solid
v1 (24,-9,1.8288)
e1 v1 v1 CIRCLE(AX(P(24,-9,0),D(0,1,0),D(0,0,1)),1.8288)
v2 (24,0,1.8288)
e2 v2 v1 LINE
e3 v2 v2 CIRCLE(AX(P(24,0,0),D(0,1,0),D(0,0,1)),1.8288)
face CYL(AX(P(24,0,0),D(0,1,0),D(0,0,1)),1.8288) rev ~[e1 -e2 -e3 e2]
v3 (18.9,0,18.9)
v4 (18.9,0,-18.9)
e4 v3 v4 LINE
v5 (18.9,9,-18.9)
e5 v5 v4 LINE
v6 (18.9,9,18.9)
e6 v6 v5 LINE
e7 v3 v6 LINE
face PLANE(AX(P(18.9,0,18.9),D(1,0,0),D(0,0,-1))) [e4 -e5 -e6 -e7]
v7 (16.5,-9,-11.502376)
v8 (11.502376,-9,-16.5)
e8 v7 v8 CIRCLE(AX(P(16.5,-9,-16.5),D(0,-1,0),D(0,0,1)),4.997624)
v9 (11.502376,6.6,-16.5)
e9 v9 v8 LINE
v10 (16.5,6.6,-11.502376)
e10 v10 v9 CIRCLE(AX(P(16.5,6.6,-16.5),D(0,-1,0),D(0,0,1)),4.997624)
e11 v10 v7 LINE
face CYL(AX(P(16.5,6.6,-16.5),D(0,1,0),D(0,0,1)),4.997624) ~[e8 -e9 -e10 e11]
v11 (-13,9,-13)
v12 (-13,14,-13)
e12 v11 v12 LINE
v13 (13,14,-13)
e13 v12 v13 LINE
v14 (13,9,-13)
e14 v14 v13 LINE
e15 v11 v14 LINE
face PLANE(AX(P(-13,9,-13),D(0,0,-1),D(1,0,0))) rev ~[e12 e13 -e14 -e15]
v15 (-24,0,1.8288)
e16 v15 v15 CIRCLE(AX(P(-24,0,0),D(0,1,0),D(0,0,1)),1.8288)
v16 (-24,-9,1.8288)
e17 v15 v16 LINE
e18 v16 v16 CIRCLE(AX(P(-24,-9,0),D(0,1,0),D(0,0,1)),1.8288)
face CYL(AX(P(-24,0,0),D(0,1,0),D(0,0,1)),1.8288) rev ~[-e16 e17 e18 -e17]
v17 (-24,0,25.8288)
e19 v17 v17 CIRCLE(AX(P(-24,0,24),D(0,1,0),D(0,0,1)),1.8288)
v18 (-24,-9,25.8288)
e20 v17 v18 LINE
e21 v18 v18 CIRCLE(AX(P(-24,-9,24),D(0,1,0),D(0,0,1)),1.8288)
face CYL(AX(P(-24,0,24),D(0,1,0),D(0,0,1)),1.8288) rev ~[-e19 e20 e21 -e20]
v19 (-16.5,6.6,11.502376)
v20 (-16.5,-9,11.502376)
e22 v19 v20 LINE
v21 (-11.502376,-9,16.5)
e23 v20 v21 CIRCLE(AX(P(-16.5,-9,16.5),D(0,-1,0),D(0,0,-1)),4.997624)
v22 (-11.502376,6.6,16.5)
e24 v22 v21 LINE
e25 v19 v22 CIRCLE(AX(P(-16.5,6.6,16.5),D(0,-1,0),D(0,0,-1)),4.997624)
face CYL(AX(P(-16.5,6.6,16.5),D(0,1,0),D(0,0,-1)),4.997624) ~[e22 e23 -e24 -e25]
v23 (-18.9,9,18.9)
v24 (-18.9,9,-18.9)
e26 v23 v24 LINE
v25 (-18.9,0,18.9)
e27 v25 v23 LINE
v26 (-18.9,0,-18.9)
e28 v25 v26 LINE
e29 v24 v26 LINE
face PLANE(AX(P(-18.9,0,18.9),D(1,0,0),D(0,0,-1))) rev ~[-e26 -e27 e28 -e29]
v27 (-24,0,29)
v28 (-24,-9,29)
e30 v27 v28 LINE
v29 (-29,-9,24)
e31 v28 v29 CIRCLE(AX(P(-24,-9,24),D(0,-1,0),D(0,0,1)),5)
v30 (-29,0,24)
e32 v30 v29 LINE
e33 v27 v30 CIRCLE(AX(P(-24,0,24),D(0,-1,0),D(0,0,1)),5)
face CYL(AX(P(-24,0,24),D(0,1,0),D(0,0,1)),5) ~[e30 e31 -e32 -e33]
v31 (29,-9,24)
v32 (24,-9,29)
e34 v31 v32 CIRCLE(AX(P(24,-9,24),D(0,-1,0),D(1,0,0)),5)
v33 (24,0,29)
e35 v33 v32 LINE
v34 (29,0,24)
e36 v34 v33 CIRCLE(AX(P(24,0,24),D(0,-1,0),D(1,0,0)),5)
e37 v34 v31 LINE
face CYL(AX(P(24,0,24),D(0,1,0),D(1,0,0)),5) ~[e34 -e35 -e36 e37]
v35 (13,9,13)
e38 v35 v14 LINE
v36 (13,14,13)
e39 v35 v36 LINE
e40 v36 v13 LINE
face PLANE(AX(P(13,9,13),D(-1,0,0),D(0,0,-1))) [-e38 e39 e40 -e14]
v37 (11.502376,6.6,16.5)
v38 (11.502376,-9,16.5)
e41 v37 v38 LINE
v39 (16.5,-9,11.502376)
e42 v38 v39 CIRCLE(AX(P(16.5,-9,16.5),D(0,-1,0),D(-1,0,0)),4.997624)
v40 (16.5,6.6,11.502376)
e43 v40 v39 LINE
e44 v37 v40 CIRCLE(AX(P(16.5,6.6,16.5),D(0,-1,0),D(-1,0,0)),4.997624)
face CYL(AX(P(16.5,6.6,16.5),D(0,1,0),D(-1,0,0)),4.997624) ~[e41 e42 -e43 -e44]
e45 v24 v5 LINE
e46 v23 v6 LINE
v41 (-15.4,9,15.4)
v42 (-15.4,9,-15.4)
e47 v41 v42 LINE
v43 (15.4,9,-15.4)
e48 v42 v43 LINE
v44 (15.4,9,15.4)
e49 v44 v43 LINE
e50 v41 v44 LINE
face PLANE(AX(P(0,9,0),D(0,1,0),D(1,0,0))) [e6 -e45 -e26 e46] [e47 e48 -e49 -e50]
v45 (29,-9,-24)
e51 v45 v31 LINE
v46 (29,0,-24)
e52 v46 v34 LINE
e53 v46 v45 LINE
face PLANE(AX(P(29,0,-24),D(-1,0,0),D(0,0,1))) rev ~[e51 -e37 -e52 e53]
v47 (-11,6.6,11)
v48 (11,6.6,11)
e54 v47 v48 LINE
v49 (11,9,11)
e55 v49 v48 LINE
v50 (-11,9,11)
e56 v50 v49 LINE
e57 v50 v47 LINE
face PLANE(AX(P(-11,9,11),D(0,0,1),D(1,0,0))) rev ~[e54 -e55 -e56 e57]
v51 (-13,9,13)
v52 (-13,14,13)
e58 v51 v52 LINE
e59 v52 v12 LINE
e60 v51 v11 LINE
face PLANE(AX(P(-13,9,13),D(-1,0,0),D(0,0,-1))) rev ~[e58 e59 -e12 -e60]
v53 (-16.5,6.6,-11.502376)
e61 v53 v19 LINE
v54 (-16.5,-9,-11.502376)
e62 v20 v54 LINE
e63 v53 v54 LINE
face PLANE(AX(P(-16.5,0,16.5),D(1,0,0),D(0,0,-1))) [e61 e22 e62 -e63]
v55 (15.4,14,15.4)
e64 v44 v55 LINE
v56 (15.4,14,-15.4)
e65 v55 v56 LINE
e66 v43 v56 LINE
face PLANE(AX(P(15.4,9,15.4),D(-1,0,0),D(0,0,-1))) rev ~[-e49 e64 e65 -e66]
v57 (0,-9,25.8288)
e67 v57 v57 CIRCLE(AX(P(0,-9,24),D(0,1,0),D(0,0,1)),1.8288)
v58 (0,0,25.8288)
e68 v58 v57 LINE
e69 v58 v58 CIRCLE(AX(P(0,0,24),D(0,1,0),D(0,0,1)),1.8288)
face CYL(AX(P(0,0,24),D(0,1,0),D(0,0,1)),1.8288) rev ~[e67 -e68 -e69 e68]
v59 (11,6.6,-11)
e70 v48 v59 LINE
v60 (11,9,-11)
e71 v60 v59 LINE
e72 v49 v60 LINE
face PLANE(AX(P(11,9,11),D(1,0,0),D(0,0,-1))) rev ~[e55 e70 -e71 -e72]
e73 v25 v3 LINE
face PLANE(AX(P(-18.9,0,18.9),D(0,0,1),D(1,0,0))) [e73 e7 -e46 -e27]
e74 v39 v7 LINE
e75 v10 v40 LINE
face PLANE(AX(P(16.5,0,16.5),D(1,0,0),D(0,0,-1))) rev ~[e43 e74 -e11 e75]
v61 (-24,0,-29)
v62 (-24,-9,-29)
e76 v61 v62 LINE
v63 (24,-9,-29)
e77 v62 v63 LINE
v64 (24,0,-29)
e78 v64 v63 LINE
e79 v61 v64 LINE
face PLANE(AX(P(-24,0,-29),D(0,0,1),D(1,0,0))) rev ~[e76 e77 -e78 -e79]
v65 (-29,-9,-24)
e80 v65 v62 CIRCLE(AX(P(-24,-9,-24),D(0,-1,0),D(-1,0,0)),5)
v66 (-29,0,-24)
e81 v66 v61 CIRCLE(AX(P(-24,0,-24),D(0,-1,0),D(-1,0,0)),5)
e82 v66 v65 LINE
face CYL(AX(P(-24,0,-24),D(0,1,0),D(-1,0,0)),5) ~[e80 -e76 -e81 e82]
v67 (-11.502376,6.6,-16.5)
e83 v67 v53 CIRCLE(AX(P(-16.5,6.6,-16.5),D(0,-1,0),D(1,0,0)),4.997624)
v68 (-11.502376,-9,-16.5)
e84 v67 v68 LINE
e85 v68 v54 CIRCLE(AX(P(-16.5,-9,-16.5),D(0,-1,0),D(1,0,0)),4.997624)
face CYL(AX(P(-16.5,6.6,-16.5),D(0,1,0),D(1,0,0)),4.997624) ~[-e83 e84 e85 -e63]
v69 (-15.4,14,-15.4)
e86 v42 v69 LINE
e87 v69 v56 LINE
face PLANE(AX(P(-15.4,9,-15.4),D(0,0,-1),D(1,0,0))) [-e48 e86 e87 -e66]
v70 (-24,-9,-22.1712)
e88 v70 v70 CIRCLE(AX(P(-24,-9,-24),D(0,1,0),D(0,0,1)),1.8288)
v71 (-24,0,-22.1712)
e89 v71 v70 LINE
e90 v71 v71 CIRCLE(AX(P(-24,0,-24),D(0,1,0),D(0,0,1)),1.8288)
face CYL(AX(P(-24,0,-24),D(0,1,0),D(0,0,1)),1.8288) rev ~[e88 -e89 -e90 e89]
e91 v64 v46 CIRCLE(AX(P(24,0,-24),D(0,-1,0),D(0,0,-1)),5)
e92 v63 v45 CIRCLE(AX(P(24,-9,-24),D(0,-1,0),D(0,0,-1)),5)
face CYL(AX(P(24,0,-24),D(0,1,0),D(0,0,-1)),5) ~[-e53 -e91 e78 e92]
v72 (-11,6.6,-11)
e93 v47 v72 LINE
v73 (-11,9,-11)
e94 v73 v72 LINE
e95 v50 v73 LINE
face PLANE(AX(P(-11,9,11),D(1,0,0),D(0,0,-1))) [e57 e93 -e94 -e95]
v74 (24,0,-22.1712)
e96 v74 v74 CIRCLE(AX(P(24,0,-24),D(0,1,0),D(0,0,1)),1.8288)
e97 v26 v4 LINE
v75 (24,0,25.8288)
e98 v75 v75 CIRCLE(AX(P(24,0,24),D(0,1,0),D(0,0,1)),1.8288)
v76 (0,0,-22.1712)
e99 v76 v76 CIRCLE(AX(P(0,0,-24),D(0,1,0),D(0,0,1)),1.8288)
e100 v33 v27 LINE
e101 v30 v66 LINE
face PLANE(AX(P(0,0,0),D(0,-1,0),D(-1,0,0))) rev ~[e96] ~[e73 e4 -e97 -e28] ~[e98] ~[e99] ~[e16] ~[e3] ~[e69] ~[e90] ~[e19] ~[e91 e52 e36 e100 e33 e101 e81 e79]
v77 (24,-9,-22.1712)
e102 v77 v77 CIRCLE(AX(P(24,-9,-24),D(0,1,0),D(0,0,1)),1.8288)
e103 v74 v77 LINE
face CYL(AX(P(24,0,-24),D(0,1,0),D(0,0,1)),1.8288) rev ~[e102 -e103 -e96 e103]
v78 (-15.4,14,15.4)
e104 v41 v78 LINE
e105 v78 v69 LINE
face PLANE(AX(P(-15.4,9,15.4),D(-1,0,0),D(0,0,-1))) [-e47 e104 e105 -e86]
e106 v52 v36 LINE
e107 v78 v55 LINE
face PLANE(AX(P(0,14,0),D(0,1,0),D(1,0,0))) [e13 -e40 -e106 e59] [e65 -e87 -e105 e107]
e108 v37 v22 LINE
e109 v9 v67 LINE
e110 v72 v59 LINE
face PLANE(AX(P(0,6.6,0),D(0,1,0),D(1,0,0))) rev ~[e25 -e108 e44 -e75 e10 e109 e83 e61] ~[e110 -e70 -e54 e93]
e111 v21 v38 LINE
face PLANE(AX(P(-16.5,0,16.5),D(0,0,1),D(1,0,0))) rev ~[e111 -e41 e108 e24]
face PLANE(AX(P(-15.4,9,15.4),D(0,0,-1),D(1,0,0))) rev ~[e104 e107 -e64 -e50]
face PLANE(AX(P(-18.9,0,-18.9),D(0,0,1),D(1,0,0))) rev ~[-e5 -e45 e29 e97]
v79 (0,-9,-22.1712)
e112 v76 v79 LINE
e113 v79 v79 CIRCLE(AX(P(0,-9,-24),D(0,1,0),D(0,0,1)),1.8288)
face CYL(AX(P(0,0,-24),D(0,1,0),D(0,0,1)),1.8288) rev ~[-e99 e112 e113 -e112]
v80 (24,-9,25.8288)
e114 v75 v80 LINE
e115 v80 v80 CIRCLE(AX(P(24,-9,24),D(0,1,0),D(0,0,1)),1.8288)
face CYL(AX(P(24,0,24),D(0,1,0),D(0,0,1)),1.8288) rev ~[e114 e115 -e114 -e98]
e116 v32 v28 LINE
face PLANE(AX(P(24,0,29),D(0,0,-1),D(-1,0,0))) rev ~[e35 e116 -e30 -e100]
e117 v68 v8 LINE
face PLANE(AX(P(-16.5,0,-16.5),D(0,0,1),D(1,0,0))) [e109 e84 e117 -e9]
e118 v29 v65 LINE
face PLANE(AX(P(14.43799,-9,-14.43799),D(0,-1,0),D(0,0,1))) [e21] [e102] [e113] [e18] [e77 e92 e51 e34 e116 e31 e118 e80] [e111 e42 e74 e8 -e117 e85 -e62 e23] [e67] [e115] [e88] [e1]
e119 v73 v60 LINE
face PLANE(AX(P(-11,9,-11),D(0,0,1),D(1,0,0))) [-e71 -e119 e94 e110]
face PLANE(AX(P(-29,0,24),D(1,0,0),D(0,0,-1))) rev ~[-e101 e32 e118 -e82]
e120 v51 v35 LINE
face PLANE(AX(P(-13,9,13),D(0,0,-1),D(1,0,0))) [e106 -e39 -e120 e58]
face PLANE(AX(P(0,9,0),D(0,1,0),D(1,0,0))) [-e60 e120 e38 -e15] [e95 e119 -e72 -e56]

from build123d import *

# Parameters (mm, degrees)
SKETCH1_W            = 37.8
SKETCH1_H            = 37.8
SKETCH1_W_2          = 33
SKETCH1_H_2          = 33
BOSS_EXTRUDE1_DEPTH  = 9
BOSS_EXTRUDE8_START  = 9
SKETCH8_W            = 37.8
SKETCH8_H            = 37.8
SKETCH8_W_2          = 30.8
SKETCH8_H_2          = 30.8
SKETCH8_W_3          = 26
SKETCH8_H_3          = 26
SKETCH8_W_4          = 22
SKETCH8_H_4          = 22
BOSS_EXTRUDE8_DEPTH  = 2.4
BOSS_EXTRUDE9_START  = 9
SKETCH8_3_W          = 30.8
SKETCH8_3_H          = 30.8
SKETCH8_3_W_2        = 26
SKETCH8_3_H_2        = 26
BOSS_EXTRUDE9_DEPTH  = 5
SKETCH8_4_R          = 1.8288
SKETCH8_4_W          = 37.8
SKETCH8_4_H          = 37.8
BOSS_EXTRUDE10_DEPTH = 9
SKETCH8_5_R          = 1.8288
CUT_EXTRUDE3_DEPTH   = 44.33589736
LPATTERN2_COUNT      = 3
LPATTERN2_PITCH      = 24
LPATTERN2_COUNT_DIR2 = 3
LPATTERN2_PITCH_DIR2 = 24
BOSS_EXTRUDE11_DEPTH = 15.6
CIRPATTERN3_COUNT    = 4


with BuildPart() as part:
    # Sketch1 → Boss-Extrude1 (new, symmetric)
    with BuildSketch(Plane(origin=(0, 0, 0), x_dir=(1, 0, 0), z_dir=(0, 1, 0))):
        Rectangle(SKETCH1_W, SKETCH1_H)
        Rectangle(SKETCH1_W_2, SKETCH1_H_2, mode=Mode.SUBTRACT)
    extrude(amount=BOSS_EXTRUDE1_DEPTH, both=True)

    # Sketch8 → Boss-Extrude8 (add)
    # profile 1 of 3: a face of its own
    with BuildSketch(Plane(origin=(0, 0, 0), x_dir=(1, 0, 0), z_dir=(0, 1, 0)).offset(BOSS_EXTRUDE8_START)):
        Rectangle(SKETCH8_W, SKETCH8_H)
        Rectangle(SKETCH8_W_2, SKETCH8_H_2, mode=Mode.SUBTRACT)
    # profile 2 of 3: a face of its own
    with BuildSketch(Plane(origin=(0, 0, 0), x_dir=(1, 0, 0), z_dir=(0, 1, 0)).offset(BOSS_EXTRUDE8_START)):
        Rectangle(SKETCH8_W_2, SKETCH8_H_2)
        Rectangle(SKETCH8_W_3, SKETCH8_H_3, mode=Mode.SUBTRACT)
    # profile 3 of 3: a face of its own
    with BuildSketch(Plane(origin=(0, 0, 0), x_dir=(1, 0, 0), z_dir=(0, 1, 0)).offset(BOSS_EXTRUDE8_START)):
        Rectangle(SKETCH8_W_3, SKETCH8_H_3)
        Rectangle(SKETCH8_W_4, SKETCH8_H_4, mode=Mode.SUBTRACT)
    extrude(amount=-BOSS_EXTRUDE8_DEPTH)

    # Sketch8<3> → Boss-Extrude9 (add)
    with BuildSketch(Plane(origin=(0, 0, 0), x_dir=(1, 0, 0), z_dir=(0, 1, 0)).offset(BOSS_EXTRUDE9_START)):
        Rectangle(SKETCH8_3_W, SKETCH8_3_H)
        Rectangle(SKETCH8_3_W_2, SKETCH8_3_H_2, mode=Mode.SUBTRACT)
    extrude(amount=BOSS_EXTRUDE9_DEPTH)

    # Sketch8<4> → Boss-Extrude10 (add)
    # profile 1 of 2: a face of its own
    with BuildSketch(Plane(origin=(0, 0, 0), x_dir=(1, 0, 0), z_dir=(0, 1, 0))):
        with BuildLine():
            ThreePointArc((-29, 24), (-27.535533906, 27.535533906), (-24, 29))
            Line((-24, 29), (24, 29))
            ThreePointArc((24, 29), (27.535533906, 27.535533906), (29, 24))
            Line((29, 24), (29, -24))
            ThreePointArc((29, -24), (27.535533906, -27.535533906), (24, -29))
            Line((24, -29), (-24, -29))
            ThreePointArc((-24, -29), (-27.535533906, -27.535533906), (-29, -24))
            Line((-29, -24), (-29, 24))
        make_face()
        with Locations((-24, 24)):
            Circle(SKETCH8_4_R, mode=Mode.SUBTRACT)
        Rectangle(SKETCH8_4_W, SKETCH8_4_H, mode=Mode.SUBTRACT)
    # profile 2 of 2: a face of its own
    with BuildSketch(Plane(origin=(0, 0, 0), x_dir=(1, 0, 0), z_dir=(0, 1, 0))):
        with Locations((-24, 24)):
            Circle(SKETCH8_4_R)
    extrude(amount=-BOSS_EXTRUDE10_DEPTH)

    # Sketch8<5> → Cut-Extrude3 (cut, through all)
    with BuildSketch(Plane(origin=(0, 0, 0), x_dir=(1, 0, 0), z_dir=(0, 1, 0))):
        with Locations(Location((-24, 24, 0), (0, 0, 270))):
            Circle(SKETCH8_5_R)
    cut_extrude3 = extrude(amount=-CUT_EXTRUDE3_DEPTH, mode=Mode.SUBTRACT)

    # LPattern2: Cut-Extrude3 3 × 3
    with Locations(*[(i * LPATTERN2_PITCH, 0, j * LPATTERN2_PITCH_DIR2) for i in range(LPATTERN2_COUNT) for j in range(LPATTERN2_COUNT_DIR2) if (i, j) != (0, 0)]):
        add(cut_extrude3, mode=Mode.SUBTRACT)

    # Sketch10 → Boss-Extrude11 (add)
    with BuildSketch(Plane.XZ.offset(-6.6)):
        with BuildLine():
            Line((-16.5, -11.502376006), (-16.5, -16.5))
            Line((-16.5, -16.5), (-11.502376006, -16.5))
            ThreePointArc((-11.502376006, -16.5), (-12.966146184, -12.966146184), (-16.5, -11.502376006))
        make_face()
    boss_extrude11 = extrude(amount=BOSS_EXTRUDE11_DEPTH)

    # CirPattern3: Boss-Extrude11 ×4 about axis
    cirpattern3_axis = Axis((0, 0, 0), (0, 1, 0))
    for i in range(1, CIRPATTERN3_COUNT):
        add(boss_extrude11.rotate(cirpattern3_axis, i * 360 / CIRPATTERN3_COUNT))


solid = part.part
